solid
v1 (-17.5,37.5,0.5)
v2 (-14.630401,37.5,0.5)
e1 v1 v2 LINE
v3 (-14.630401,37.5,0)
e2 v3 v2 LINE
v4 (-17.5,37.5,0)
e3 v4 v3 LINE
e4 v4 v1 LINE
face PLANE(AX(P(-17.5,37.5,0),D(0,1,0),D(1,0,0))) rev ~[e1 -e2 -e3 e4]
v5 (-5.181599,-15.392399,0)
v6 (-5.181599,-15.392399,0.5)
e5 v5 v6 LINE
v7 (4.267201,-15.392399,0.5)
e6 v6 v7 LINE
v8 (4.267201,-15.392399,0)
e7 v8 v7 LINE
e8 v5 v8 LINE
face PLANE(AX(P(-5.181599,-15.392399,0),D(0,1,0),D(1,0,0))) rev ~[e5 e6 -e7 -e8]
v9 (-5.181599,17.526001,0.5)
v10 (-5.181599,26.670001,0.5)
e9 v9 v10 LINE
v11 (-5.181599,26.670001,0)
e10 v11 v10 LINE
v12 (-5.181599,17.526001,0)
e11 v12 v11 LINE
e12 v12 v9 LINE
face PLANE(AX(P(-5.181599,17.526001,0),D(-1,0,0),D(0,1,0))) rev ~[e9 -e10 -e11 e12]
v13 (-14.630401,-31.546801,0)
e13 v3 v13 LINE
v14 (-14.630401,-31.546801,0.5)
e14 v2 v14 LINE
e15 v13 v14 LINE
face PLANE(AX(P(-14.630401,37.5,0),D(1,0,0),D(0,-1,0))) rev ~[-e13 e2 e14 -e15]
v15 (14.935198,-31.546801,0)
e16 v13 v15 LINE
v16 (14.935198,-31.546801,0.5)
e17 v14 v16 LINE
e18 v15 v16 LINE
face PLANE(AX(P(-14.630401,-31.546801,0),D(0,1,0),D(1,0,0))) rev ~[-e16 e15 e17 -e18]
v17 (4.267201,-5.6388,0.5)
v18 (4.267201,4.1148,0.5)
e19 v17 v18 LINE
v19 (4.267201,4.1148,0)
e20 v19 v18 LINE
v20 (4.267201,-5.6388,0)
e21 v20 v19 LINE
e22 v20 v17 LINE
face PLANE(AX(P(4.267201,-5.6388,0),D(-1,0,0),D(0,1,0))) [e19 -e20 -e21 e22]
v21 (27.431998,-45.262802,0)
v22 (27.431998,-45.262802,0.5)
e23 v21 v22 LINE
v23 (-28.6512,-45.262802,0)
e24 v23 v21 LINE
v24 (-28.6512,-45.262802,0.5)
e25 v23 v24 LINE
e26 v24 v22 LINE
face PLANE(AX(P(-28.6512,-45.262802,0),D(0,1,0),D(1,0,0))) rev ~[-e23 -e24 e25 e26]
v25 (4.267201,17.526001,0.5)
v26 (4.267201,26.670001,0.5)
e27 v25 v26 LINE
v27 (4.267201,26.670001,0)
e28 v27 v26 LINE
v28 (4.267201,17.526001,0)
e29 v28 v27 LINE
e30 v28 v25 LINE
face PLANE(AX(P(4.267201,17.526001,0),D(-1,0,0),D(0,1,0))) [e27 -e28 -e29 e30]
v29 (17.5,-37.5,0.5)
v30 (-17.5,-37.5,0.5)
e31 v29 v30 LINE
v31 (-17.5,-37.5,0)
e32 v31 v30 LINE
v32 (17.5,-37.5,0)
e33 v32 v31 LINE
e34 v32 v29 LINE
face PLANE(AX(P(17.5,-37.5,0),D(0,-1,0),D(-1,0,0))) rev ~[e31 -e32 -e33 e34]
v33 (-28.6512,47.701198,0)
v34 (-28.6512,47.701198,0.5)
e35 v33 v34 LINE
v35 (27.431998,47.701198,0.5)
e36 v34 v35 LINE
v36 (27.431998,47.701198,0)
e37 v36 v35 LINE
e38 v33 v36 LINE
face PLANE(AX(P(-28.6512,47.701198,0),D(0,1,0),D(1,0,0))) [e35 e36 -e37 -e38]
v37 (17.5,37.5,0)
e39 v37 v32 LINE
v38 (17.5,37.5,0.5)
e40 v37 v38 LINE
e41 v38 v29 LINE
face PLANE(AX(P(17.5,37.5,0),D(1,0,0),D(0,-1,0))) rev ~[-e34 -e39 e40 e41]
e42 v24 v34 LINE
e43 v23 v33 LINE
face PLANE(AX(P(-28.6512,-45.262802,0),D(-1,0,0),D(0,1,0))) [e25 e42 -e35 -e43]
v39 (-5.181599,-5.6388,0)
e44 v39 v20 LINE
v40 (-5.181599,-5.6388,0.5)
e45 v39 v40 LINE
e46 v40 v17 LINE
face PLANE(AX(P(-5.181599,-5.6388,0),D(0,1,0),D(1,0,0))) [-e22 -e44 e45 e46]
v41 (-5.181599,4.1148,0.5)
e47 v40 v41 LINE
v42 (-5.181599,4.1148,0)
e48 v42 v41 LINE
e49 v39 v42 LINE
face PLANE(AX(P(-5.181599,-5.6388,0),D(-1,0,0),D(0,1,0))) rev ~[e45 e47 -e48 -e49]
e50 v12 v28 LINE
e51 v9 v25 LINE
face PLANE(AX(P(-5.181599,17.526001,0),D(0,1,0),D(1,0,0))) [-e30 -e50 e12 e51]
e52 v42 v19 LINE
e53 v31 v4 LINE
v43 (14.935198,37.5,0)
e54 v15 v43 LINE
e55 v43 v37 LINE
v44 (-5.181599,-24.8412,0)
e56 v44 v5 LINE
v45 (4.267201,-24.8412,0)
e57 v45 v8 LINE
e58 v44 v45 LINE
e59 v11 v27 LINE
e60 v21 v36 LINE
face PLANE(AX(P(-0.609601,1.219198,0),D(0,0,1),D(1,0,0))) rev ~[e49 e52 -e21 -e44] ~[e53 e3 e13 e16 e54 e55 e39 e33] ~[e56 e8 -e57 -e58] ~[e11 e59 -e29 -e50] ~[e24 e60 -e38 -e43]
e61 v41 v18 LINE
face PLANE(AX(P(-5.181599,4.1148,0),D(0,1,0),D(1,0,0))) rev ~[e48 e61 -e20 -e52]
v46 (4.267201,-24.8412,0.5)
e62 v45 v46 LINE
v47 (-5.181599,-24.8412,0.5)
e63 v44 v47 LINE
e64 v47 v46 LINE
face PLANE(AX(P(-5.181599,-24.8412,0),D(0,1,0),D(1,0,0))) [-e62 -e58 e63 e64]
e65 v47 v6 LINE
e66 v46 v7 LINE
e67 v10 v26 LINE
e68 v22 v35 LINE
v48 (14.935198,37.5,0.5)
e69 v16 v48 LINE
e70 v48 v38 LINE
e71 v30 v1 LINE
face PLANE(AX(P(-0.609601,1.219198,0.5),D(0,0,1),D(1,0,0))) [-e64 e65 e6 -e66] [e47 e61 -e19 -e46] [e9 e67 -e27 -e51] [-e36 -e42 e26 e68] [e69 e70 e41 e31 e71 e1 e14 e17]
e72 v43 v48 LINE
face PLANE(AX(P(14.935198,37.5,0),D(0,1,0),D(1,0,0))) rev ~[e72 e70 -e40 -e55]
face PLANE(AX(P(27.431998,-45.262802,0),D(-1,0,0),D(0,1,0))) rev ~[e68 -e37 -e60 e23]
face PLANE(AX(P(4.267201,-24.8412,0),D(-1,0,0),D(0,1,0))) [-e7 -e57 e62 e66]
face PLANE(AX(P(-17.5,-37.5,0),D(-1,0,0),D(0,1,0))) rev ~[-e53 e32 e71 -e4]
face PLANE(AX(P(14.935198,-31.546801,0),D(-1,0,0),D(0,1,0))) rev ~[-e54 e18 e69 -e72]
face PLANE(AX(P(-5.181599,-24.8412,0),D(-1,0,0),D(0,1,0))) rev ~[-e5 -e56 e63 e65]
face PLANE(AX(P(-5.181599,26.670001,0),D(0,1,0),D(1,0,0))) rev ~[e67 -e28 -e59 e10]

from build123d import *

# Parameters (mm, degrees)
F0_W     = 56.083198
F0_H     = 92.964001
F0_W_2   = 9.448801
F0_H_2   = 9.448801
F0_H_3   = 9.7536
F0_H_4   = 9.144
F1_DEPTH = 0.5


with BuildPart() as f1:
    # F0 (on Top) → F1 (new body)
    with BuildSketch(Plane.XY):
        with Locations((-0.609601, 1.219198)):
            Rectangle(F0_W, F0_H)
        with Locations((-0.457199, -20.1168)):
            Rectangle(F0_W_2, F0_H_2, mode=Mode.SUBTRACT)
        with Locations((-0.457199, -0.762)):
            Rectangle(F0_W_2, F0_H_3, mode=Mode.SUBTRACT)
        Polygon((-17.5, -37.5), (-17.5, 37.5), (-14.630401, 37.5), (-14.630401, -31.546801), (14.935198, -31.546801), (14.935198, 37.5), (17.5, 37.5), (17.5, -37.5), align=None, mode=Mode.SUBTRACT)
        with Locations((-0.457199, 22.098001)):
            Rectangle(F0_W_2, F0_H_4, mode=Mode.SUBTRACT)
    extrude(amount=F1_DEPTH)


solid = f1.part
